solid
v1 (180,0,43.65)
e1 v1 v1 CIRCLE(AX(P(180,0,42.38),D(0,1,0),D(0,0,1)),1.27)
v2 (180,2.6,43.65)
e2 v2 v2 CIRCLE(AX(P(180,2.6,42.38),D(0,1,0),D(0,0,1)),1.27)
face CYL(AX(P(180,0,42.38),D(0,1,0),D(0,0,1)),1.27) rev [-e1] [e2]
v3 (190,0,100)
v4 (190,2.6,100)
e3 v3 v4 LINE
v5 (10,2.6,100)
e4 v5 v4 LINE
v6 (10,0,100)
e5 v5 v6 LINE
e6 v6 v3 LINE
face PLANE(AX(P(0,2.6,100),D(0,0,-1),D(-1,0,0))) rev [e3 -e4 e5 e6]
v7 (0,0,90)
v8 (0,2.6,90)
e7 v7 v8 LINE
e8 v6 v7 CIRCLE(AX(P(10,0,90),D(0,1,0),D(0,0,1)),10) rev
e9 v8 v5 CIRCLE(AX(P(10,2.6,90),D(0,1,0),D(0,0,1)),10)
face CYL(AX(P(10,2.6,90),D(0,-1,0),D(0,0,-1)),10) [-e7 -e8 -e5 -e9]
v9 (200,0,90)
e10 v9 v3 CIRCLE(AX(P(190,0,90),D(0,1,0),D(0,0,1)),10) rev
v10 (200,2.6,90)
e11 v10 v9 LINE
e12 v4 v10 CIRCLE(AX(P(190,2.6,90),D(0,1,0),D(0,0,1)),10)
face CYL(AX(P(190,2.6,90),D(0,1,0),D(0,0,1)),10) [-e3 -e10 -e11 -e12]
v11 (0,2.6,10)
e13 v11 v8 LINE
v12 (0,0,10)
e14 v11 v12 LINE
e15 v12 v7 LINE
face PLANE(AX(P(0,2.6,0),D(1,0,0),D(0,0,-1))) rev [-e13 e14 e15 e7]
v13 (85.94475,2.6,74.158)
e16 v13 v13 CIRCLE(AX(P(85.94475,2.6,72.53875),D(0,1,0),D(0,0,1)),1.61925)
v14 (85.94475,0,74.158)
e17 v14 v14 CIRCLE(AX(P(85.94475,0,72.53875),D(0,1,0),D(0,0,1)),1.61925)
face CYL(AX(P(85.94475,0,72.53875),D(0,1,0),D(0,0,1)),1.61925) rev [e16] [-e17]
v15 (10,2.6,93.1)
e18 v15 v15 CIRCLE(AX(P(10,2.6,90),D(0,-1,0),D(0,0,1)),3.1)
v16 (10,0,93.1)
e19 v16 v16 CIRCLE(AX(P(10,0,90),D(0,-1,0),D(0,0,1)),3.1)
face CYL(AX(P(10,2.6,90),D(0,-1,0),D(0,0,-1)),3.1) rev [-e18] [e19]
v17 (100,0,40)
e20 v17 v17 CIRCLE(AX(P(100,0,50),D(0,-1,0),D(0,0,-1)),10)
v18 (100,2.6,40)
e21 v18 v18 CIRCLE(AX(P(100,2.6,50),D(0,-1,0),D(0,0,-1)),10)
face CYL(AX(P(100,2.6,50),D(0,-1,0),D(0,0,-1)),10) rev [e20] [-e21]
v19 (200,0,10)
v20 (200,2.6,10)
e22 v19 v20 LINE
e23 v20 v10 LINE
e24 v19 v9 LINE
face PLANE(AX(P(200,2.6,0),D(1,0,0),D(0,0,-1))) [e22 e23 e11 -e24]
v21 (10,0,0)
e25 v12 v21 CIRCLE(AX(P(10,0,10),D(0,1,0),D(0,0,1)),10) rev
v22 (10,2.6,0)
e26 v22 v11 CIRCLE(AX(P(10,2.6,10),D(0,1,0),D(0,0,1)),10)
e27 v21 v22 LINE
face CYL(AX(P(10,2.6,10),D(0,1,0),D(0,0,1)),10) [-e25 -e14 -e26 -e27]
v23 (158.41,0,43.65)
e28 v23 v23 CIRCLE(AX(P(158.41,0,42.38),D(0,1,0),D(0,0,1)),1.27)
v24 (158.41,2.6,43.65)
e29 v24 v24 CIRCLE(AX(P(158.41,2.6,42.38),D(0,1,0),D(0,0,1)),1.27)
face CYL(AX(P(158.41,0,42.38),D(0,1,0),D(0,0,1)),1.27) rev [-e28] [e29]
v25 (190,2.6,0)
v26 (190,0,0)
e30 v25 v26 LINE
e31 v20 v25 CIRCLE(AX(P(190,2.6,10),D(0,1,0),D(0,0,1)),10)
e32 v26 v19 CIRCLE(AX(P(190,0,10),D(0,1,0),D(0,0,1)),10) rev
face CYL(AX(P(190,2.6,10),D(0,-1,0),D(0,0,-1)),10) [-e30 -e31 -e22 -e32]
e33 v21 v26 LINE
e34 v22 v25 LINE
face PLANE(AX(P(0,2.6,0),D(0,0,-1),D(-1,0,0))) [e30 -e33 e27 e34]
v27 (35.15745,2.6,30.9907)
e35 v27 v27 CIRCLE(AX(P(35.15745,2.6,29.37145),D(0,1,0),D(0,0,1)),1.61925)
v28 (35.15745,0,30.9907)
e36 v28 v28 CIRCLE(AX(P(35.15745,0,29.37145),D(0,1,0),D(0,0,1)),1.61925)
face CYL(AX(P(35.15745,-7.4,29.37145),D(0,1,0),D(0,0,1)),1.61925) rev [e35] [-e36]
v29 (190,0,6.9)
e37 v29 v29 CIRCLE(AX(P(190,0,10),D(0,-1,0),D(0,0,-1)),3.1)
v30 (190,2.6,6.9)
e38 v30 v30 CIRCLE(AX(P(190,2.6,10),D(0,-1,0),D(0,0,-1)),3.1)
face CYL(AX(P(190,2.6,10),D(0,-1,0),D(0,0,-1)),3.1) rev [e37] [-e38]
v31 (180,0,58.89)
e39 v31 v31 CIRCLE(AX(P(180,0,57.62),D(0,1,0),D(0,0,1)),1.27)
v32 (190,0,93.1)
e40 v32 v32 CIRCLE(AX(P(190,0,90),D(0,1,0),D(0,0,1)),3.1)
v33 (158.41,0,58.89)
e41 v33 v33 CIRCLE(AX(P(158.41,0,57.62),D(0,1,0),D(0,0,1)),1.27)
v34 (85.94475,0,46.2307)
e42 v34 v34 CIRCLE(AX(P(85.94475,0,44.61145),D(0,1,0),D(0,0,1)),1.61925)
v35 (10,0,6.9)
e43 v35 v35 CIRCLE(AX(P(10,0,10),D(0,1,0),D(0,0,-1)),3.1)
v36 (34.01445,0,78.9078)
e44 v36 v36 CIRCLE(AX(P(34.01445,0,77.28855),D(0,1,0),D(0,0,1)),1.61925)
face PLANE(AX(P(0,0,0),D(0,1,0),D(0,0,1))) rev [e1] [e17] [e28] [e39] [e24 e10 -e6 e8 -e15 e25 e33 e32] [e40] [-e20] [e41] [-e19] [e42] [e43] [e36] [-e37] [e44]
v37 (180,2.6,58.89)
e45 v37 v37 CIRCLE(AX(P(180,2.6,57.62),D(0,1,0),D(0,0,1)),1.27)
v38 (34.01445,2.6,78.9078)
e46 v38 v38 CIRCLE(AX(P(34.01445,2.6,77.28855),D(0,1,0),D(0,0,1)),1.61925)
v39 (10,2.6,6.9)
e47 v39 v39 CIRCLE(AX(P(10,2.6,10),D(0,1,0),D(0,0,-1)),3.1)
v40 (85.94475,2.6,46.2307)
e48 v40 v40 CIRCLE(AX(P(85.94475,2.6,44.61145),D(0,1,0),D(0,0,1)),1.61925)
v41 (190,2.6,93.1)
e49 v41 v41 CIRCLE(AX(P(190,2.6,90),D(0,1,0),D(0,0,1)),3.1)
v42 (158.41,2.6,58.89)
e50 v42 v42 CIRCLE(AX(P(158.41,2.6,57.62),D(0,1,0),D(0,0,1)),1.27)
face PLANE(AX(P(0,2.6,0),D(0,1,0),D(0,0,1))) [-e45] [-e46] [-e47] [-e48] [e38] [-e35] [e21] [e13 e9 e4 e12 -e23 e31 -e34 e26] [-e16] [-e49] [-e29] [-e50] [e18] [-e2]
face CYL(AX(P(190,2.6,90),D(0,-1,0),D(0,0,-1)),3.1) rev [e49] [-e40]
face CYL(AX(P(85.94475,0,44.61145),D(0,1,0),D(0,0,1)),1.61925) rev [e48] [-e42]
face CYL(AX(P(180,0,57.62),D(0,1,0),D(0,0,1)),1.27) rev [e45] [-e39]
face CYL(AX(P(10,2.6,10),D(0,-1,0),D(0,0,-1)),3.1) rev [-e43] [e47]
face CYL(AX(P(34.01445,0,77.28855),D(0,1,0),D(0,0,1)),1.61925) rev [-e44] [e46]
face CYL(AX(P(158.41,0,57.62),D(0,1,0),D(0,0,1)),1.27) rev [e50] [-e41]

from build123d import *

# Parameters (mm, degrees)
SKETCH1_W               = 200
SKETCH1_H               = 100
BOSS_EXTRUDE1_DEPTH     = 2.6
FILLET1_R               = 10
SKETCH6_R               = 3.1
CUT_EXTRUDE6_DEPTH      = 2.6
MIRROR6_COPY_1_SKETCH_R = 3.1
MIRROR6_COPY_1_DEPTH    = 2.6
MIRROR6_COPY_2_SKETCH_R = 3.1
MIRROR6_COPY_2_DEPTH    = 2.6
SKETCH16_R              = 1.61925
CUT_EXTRUDE9_DEPTH      = 10
SKETCH17_R              = 1.61925
CUT_EXTRUDE10_DEPTH     = 224.621913059
SKETCH18_R              = 1.61925
CUT_EXTRUDE11_DEPTH     = 224.621913059
SKETCH19_R              = 1.61925
CUT_EXTRUDE12_DEPTH     = 224.621913059
SKETCH15_R              = 10
CUT_EXTRUDE14_DEPTH     = 224.621913059
SKETCH20_R              = 1.27
CUT_EXTRUDE15_DEPTH     = 224.621913059


with BuildPart() as part:
    # Sketch1 → Boss-Extrude1 (new body)
    with BuildSketch(Plane(origin=(0, 0, 0), x_dir=(1, 0, 0), z_dir=(0, 1, 0))):
        with Locations((100, -50)):
            Rectangle(SKETCH1_W, SKETCH1_H)
    extrude(amount=BOSS_EXTRUDE1_DEPTH)

    # Fillet1
    fillet1_edges = [part.edges().sort_by_distance(p)[0] for p in [
        (0, 1.3, 0),
        (0, 1.3, 100),
        (200, 1.3, 100),
        (200, 1.3, 0),
    ]]
    fillet(fillet1_edges, radius=FILLET1_R)

    # Sketch6 → Cut-Extrude6 (cut)
    with BuildSketch(Plane.XZ):
        with Locations((190, 10)):
            Circle(SKETCH6_R)
    cut_extrude6 = extrude(amount=-CUT_EXTRUDE6_DEPTH, mode=Mode.SUBTRACT)

    # Mirror5: Cut-Extrude6 across plane
    add(cut_extrude6.mirror(Plane(origin=(100, 0, 0), x_dir=(0, 0, 1), z_dir=(1, 0, 0))), mode=Mode.SUBTRACT)

    # Mirror6 copy 1 sketch → Mirror6 copy 1 (cut)
    with BuildSketch(Plane(origin=(200, 0, 100), x_dir=(-1, 0, 0), z_dir=(0, -1, 0))):
        with Locations((190, 10)):
            Circle(MIRROR6_COPY_1_SKETCH_R)
    extrude(amount=-MIRROR6_COPY_1_DEPTH, mode=Mode.SUBTRACT)

    # Mirror6 copy 2 sketch → Mirror6 copy 2 (cut)
    with BuildSketch(Plane(origin=(0, 0, 100), x_dir=(1, 0, 0), z_dir=(0, -1, 0))):
        with Locations((190, -10)):
            Circle(MIRROR6_COPY_2_SKETCH_R)
    extrude(amount=-MIRROR6_COPY_2_DEPTH, mode=Mode.SUBTRACT)

    # Sketch16 → Cut-Extrude9 (cut)
    with BuildSketch(Plane(origin=(0, 2.6, 0), x_dir=(1, 0, 0), z_dir=(0, 1, 0))):
        with Locations((35.15745, -29.37145)):
            Circle(SKETCH16_R)
    extrude(amount=-CUT_EXTRUDE9_DEPTH, mode=Mode.SUBTRACT)

    # Sketch17 → Cut-Extrude10 (cut, through all)
    with BuildSketch(Plane(origin=(0, 2.6, 0), x_dir=(1, 0, 0), z_dir=(0, 1, 0))):
        with Locations((85.94475, -44.61145)):
            Circle(SKETCH17_R)
    extrude(amount=-CUT_EXTRUDE10_DEPTH, mode=Mode.SUBTRACT)

    # Sketch18 → Cut-Extrude11 (cut, through all)
    with BuildSketch(Plane(origin=(0, 2.6, 0), x_dir=(1, 0, 0), z_dir=(0, 1, 0))):
        with Locations((34.01445, -77.28855)):
            Circle(SKETCH18_R)
    extrude(amount=-CUT_EXTRUDE11_DEPTH, mode=Mode.SUBTRACT)

    # Sketch19 → Cut-Extrude12 (cut, through all)
    with BuildSketch(Plane(origin=(0, 2.6, 0), x_dir=(1, 0, 0), z_dir=(0, 1, 0))):
        with Locations((85.94475, -72.53875)):
            Circle(SKETCH19_R)
    extrude(amount=-CUT_EXTRUDE12_DEPTH, mode=Mode.SUBTRACT)

    # Sketch15 → Cut-Extrude14 (cut, through all)
    with BuildSketch(Plane.XZ):
        with Locations((100, 50)):
            Circle(SKETCH15_R)
    extrude(amount=-CUT_EXTRUDE14_DEPTH, mode=Mode.SUBTRACT)

    # Sketch20 → Cut-Extrude15 (cut, through all)
    with BuildSketch(Plane(origin=(0, 2.6, 0), x_dir=(1, 0, 0), z_dir=(0, 1, 0))):
        with Locations((158.41, -42.38)):
            Circle(SKETCH20_R)
        with Locations((180, -42.38)):
            Circle(SKETCH20_R)
        with Locations((158.41, -57.62)):
            Circle(SKETCH20_R)
        with Locations((180, -57.62)):
            Circle(SKETCH20_R)
    extrude(amount=-CUT_EXTRUDE15_DEPTH, mode=Mode.SUBTRACT)


solid = part.part
